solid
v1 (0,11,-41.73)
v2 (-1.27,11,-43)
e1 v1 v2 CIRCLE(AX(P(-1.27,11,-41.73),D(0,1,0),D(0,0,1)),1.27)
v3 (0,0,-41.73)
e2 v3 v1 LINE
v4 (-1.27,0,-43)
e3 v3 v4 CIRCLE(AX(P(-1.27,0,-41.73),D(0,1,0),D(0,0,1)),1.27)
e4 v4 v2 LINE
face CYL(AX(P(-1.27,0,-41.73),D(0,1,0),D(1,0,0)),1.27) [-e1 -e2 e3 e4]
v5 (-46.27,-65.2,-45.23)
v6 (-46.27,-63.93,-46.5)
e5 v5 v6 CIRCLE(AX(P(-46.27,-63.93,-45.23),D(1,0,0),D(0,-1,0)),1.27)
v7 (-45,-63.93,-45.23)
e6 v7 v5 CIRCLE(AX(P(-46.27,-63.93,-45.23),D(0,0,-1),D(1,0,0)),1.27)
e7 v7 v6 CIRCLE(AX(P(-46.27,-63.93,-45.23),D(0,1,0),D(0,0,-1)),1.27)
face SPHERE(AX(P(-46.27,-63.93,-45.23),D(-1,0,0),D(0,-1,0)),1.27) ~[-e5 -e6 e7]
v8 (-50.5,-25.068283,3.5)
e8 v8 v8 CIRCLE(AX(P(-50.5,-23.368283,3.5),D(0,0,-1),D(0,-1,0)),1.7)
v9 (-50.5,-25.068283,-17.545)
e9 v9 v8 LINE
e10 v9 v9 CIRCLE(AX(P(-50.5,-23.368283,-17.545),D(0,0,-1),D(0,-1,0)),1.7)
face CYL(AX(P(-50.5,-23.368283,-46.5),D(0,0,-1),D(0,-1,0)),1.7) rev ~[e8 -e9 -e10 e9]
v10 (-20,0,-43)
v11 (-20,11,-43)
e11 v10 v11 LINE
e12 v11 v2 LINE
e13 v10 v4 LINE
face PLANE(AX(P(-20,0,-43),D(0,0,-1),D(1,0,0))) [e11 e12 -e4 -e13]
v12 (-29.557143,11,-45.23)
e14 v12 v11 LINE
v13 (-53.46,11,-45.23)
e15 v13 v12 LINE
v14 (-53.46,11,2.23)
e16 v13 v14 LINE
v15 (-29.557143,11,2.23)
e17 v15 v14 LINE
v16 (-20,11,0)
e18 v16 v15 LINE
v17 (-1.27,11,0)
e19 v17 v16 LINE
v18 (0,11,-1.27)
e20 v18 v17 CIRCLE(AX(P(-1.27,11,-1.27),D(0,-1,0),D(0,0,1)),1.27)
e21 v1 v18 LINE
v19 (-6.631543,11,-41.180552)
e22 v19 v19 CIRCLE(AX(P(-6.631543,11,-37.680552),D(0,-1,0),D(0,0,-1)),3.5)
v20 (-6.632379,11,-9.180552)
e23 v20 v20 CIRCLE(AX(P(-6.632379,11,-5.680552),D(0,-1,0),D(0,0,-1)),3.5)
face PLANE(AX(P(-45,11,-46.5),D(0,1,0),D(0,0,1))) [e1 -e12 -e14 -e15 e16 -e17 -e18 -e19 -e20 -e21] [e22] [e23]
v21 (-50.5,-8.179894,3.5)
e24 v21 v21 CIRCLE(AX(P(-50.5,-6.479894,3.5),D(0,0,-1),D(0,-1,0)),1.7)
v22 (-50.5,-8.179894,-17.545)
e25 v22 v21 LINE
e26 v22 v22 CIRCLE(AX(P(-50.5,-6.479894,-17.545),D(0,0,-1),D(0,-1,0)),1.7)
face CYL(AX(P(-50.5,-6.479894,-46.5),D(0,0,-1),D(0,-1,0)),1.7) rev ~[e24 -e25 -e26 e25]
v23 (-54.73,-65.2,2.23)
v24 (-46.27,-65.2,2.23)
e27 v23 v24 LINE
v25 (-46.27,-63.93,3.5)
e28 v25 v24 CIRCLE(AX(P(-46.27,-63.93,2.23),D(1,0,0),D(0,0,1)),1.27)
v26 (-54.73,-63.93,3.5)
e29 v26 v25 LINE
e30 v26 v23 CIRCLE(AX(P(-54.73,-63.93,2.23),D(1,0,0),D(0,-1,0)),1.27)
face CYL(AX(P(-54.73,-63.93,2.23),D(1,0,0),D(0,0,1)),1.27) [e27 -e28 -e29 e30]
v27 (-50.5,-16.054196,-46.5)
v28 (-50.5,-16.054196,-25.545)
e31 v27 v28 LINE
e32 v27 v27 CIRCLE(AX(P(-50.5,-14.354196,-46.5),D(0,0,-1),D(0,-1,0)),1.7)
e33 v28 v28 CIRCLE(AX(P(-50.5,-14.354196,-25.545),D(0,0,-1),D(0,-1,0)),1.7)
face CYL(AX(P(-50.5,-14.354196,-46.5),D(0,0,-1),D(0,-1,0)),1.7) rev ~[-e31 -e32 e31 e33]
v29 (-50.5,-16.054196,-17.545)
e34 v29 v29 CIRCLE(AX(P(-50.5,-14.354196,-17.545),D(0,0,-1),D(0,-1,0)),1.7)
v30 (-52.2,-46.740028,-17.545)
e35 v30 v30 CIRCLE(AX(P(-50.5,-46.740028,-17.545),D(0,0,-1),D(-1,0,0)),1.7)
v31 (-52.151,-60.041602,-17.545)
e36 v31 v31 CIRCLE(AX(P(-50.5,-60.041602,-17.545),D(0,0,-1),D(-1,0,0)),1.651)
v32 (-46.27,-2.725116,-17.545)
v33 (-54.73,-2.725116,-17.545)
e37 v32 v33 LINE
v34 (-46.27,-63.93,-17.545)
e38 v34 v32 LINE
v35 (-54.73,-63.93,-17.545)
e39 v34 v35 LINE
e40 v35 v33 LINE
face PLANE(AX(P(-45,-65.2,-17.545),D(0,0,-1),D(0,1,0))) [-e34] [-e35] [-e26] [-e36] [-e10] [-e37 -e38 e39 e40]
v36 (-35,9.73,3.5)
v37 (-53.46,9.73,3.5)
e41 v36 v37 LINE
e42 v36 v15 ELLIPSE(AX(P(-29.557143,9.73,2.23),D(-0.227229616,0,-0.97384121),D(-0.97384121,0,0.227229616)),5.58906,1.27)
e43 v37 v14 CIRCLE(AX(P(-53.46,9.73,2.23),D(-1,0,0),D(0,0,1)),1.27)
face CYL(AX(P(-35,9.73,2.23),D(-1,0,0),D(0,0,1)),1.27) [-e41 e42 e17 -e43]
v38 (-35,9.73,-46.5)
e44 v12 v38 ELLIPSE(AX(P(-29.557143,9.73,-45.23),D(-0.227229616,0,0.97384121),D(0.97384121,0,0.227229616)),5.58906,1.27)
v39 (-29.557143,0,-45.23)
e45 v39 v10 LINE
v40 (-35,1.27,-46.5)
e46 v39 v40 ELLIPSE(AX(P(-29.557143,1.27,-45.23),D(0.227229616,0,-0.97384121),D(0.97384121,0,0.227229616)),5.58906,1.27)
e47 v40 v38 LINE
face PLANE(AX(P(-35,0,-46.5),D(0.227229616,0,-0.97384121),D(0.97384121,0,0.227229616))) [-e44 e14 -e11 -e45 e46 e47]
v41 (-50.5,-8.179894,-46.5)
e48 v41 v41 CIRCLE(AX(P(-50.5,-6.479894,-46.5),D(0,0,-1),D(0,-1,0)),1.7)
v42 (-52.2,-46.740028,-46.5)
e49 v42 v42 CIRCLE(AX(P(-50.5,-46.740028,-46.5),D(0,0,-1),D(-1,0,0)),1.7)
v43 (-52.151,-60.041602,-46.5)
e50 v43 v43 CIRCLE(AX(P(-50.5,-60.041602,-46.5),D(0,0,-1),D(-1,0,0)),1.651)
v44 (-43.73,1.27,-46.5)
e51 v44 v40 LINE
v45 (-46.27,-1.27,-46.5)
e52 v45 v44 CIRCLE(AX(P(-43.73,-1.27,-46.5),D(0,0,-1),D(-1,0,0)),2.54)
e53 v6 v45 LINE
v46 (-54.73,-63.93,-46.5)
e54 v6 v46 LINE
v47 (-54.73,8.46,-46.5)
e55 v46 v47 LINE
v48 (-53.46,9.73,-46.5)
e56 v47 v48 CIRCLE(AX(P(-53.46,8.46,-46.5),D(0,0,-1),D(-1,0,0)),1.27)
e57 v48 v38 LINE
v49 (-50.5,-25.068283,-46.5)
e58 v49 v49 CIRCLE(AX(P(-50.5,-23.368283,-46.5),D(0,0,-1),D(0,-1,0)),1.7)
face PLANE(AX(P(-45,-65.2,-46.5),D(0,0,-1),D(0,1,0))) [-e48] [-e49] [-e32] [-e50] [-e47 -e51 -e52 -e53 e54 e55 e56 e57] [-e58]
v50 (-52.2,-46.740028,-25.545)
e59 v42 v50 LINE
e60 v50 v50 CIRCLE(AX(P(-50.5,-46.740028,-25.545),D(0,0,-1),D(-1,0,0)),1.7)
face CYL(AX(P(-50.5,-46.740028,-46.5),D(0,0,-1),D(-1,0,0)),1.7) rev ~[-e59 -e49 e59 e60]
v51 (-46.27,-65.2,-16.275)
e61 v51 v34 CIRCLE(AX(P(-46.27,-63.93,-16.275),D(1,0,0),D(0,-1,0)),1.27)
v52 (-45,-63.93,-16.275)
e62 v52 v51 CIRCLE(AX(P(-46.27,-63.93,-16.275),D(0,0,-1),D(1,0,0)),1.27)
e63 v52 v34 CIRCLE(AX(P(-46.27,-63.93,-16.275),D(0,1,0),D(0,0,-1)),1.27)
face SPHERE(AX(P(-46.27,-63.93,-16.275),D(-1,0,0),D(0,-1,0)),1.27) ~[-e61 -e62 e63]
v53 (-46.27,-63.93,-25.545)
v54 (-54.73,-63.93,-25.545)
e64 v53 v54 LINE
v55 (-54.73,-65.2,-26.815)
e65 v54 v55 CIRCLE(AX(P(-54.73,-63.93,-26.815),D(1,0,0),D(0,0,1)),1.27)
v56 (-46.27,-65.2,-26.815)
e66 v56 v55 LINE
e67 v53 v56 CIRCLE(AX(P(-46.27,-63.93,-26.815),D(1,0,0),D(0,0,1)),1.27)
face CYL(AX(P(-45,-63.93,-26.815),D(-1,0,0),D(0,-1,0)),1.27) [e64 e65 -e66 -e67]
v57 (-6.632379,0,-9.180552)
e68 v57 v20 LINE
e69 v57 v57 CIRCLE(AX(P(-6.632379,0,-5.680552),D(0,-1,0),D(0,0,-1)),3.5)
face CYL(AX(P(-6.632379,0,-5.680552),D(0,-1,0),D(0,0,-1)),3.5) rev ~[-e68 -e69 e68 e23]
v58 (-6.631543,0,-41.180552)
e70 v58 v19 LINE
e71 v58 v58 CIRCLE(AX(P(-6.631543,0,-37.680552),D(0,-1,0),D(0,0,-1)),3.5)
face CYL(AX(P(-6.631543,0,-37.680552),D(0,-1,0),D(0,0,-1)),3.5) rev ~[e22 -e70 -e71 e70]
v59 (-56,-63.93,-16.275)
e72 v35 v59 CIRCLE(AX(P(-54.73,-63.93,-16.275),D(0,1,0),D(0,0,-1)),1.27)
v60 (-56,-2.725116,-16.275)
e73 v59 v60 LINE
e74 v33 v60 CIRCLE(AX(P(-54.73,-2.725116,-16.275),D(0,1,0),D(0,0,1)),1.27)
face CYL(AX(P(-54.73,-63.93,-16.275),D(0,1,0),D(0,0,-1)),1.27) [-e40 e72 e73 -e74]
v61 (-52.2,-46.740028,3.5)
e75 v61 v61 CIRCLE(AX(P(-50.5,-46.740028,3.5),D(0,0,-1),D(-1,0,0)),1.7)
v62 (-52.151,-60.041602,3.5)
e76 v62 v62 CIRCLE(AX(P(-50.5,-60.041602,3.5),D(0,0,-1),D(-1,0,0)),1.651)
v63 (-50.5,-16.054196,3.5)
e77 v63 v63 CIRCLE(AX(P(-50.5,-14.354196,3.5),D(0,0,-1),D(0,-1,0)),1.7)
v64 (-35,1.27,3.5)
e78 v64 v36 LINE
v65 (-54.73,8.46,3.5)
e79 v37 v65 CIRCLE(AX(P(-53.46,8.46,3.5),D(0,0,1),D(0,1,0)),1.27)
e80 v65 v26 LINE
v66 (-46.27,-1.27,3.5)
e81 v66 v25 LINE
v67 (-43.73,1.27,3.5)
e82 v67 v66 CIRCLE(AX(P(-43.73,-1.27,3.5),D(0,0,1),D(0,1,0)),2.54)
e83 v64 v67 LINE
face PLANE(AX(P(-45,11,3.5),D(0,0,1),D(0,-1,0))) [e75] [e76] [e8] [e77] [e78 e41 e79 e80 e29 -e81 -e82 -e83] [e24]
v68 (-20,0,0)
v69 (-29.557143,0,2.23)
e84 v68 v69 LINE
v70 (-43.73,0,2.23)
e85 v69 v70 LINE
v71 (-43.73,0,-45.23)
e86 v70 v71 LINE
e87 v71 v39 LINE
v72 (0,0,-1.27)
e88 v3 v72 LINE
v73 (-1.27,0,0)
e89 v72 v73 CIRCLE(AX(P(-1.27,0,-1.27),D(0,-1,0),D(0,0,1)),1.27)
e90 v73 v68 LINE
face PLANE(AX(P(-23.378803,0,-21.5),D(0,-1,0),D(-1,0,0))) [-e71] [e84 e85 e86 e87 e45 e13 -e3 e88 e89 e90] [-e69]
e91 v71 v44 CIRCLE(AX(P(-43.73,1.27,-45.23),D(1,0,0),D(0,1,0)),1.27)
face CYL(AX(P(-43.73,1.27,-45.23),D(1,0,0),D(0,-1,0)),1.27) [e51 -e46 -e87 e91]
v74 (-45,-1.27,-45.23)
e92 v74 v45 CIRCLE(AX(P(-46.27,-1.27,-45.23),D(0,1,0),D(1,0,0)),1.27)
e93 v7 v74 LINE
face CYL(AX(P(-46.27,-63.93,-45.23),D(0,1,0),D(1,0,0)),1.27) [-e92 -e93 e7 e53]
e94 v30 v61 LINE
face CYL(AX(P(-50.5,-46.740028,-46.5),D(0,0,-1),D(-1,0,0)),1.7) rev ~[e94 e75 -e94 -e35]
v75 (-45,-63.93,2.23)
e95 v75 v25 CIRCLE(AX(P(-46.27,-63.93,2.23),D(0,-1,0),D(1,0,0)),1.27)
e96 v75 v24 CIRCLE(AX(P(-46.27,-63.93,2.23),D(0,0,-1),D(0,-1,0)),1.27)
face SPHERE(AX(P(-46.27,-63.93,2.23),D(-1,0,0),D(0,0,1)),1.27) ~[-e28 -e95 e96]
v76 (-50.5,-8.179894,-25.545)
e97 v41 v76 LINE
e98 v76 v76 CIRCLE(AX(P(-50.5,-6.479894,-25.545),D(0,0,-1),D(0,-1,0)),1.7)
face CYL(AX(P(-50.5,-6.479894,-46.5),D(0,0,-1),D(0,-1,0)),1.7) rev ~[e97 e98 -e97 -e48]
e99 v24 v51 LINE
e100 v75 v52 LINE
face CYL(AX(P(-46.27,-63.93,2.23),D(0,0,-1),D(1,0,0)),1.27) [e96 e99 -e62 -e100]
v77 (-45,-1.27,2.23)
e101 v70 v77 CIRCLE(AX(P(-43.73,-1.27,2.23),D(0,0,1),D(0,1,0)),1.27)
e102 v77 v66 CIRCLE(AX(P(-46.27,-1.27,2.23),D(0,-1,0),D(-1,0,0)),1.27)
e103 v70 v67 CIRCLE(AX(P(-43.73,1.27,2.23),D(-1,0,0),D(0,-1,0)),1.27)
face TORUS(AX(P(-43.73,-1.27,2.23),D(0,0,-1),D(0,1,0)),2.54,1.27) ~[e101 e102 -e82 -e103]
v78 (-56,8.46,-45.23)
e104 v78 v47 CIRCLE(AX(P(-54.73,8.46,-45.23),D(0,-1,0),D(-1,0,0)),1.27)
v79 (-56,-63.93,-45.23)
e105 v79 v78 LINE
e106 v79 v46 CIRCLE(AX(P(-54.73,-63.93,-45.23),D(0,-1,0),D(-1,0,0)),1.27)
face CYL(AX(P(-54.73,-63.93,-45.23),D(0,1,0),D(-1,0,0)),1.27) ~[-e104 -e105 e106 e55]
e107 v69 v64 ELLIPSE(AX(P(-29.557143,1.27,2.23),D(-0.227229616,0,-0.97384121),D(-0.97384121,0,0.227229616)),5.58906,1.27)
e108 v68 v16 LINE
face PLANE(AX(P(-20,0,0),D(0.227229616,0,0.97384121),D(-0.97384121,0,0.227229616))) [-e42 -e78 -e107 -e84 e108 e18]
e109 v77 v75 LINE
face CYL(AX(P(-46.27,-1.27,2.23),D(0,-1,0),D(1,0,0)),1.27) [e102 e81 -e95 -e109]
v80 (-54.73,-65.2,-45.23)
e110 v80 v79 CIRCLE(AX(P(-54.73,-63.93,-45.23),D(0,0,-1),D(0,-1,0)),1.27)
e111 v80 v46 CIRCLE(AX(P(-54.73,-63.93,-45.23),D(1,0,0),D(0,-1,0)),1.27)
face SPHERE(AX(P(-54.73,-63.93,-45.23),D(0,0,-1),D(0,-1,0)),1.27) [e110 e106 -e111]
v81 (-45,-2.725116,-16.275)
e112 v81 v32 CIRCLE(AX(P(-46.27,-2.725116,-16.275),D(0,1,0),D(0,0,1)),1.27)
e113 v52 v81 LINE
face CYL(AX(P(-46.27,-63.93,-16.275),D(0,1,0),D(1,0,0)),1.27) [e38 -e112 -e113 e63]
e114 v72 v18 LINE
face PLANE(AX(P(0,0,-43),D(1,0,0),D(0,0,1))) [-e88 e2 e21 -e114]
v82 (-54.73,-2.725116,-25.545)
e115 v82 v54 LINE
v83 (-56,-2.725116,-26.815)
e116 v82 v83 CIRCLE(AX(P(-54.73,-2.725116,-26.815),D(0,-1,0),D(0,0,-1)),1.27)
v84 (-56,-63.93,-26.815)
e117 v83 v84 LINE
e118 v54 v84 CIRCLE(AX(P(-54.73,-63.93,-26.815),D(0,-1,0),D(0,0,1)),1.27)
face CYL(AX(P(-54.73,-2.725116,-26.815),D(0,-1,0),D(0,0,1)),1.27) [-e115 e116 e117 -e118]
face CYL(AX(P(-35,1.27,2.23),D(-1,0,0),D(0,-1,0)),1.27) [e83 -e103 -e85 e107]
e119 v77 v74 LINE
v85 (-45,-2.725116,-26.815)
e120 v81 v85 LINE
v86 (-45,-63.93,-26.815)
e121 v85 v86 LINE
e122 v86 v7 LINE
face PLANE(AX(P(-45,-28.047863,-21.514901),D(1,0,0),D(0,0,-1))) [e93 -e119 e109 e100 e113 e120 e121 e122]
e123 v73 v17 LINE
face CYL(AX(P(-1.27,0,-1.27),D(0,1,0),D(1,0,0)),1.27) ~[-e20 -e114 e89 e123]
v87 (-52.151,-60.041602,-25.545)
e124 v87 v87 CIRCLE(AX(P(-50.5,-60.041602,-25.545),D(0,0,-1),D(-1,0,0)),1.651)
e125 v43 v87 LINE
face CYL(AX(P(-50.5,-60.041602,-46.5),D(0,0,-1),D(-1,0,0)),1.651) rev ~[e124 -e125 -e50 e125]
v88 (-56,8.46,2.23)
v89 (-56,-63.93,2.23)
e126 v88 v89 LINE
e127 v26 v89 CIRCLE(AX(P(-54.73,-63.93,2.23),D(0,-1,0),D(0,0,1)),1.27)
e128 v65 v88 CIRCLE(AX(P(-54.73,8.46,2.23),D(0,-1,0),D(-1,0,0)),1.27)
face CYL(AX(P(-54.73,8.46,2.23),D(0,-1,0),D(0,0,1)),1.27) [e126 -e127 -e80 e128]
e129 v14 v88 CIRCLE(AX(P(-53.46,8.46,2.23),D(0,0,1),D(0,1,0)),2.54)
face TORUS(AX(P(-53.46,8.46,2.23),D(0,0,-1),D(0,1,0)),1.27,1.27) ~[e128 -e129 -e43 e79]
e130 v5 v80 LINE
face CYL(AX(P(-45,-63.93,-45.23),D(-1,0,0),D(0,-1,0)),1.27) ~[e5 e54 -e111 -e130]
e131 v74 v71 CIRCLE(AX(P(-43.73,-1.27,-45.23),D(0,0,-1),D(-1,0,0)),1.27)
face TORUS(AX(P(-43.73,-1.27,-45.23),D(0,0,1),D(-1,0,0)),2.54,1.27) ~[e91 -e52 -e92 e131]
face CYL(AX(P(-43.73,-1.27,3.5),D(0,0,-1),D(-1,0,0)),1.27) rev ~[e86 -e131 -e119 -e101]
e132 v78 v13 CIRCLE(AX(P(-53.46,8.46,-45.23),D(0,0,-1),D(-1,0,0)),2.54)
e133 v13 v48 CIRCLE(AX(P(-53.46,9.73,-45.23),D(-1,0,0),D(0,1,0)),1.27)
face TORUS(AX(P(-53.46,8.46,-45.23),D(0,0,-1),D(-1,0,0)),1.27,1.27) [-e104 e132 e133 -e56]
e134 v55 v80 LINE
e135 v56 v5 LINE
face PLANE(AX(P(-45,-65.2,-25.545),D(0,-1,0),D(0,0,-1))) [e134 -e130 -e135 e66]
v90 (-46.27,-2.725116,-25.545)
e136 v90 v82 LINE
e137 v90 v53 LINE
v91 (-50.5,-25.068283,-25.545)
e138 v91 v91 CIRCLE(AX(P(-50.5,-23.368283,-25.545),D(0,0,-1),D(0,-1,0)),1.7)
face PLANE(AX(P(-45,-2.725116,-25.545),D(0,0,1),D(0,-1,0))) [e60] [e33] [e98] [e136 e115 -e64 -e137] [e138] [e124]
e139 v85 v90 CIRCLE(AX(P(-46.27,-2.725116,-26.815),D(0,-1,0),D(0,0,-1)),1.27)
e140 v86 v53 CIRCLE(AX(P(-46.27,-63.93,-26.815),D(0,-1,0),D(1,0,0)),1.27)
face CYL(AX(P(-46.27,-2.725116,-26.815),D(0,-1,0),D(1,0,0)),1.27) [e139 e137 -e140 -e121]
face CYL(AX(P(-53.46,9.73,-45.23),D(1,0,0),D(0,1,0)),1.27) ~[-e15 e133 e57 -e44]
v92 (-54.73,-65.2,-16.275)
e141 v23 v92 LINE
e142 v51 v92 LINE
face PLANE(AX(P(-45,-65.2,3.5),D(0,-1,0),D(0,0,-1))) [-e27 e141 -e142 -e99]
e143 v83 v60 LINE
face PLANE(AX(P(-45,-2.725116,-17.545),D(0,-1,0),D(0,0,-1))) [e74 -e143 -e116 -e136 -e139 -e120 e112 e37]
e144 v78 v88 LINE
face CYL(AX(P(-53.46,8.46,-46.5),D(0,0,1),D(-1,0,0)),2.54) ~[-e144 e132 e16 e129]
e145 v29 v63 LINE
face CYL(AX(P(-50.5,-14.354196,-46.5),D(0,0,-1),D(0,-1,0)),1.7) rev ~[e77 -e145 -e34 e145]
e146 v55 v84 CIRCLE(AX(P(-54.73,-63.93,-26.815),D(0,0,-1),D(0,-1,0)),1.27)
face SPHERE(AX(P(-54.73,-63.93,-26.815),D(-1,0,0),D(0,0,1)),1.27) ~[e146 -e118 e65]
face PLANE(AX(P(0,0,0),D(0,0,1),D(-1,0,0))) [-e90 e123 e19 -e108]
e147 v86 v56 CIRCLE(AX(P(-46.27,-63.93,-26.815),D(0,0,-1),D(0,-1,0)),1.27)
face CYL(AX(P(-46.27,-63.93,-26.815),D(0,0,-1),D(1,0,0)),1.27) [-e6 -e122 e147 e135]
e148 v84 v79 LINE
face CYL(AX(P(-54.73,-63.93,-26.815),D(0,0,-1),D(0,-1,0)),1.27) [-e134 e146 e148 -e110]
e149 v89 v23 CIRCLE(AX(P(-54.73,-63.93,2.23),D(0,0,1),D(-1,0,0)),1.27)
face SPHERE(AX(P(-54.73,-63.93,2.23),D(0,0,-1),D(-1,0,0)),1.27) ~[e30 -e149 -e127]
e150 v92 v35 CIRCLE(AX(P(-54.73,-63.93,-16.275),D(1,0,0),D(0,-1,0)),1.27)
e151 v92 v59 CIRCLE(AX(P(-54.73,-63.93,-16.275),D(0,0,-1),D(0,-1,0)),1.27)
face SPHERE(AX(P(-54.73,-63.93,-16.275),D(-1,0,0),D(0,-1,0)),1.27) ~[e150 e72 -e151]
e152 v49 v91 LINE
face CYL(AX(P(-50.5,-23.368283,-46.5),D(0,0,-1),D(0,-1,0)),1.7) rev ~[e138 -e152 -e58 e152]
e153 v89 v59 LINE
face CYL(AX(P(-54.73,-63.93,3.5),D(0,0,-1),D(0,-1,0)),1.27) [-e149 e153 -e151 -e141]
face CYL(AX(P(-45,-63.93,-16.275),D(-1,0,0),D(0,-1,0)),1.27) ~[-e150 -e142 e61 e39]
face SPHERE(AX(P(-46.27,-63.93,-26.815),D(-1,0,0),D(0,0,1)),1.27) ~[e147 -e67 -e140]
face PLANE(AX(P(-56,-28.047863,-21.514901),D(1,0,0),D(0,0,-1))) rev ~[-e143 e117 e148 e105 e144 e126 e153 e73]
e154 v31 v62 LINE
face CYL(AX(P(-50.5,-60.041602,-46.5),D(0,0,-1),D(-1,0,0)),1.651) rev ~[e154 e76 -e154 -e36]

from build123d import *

# Parameters (mm, degrees)
BOSS_EXTRUDE1_DEPTH = 11
SKETCH3_R           = 3.5
CUT_EXTRUDE1_DEPTH  = 13
BOSS_EXTRUDE2_DEPTH = 11
SKETCH6_R           = 1.7
CUT_EXTRUDE2_DEPTH  = 50.8
FILLET1_R           = 2.54
FILLET2_R           = 1.27
FILLET3_R           = 1.27
FILLET4_R           = 1.27
FILLET5_R           = 1.27
FILLET6_R           = 1.27
FILLET7_R           = 1.27
SKETCH7_R           = 1.651
SKETCH7_R_2         = 1.7
CUT_EXTRUDE3_DEPTH  = 60.96
FILLET8_R           = 1.27


with BuildPart() as part:
    # Sketch2 → Boss-Extrude1 (new body)
    with BuildSketch(Plane(origin=(0, 0, 0), x_dir=(1, 0, 0), z_dir=(0, 1, 0))):
        Polygon((0, 43), (0, 0), (-20, 0), (-35, -3.5), (-45, -3.5), (-45, 46.5), (-35, 46.5), (-20, 43), align=None)
    extrude(amount=BOSS_EXTRUDE1_DEPTH)

    # Sketch3 → Cut-Extrude1 (cut)
    with BuildSketch(Plane.XZ):
        with Locations(Location((-6.632378844, -5.680552133, 0), (0, 0, 270))):
            Circle(SKETCH3_R)
        with Locations(Location((-6.631542689, -37.680552122, 0), (0, 0, 270))):
            Circle(SKETCH3_R)
    extrude(amount=-CUT_EXTRUDE1_DEPTH, mode=Mode.SUBTRACT)

    # Sketch5 → Boss-Extrude2 (add)
    with BuildSketch(Plane.ZY.offset(45)):
        Polygon((3.5, 11), (3.5, -65.2), (-17.545, -65.2), (-17.545, -2.725115984), (-25.545, -2.725115984), (-25.545, -65.2), (-46.5, -65.2), (-46.5, 11), align=None)
    extrude(amount=BOSS_EXTRUDE2_DEPTH)

    # Sketch6 → Cut-Extrude2 (cut)
    with BuildSketch(Plane(origin=(0, 0, -46.5), x_dir=(-1, 0, 0), z_dir=(0, 0, -1))):
        with Locations(Location((50.5, -6.479893852, 0), (0, 0, 270))):
            Circle(SKETCH6_R)
        with Locations(Location((50.5, -23.36828279, 0), (0, 0, 270))):
            Circle(SKETCH6_R)
        with Locations(Location((50.5, -14.35419589, 0), (0, 0, 270))):
            Circle(SKETCH6_R)
    extrude(amount=-CUT_EXTRUDE2_DEPTH, mode=Mode.SUBTRACT)

    # Fillet1
    fillet1_edges = [part.edges().sort_by_distance(p)[0] for p in [
        (-56, 11, -21.5),
    ]]
    fillet(fillet1_edges, radius=FILLET1_R)

    # Fillet2
    fillet2_edges = [part.edges().sort_by_distance(p)[0] for p in [
        (-45, 0, -21.5),
    ]]
    fillet(fillet2_edges, radius=FILLET2_R)

    # Fillet3
    fillet3_edges = [part.edges().sort_by_distance(p)[0] for p in [
        (0, 5.5, 0),
    ]]
    fillet(fillet3_edges, radius=FILLET3_R)

    # Fillet4
    fillet4_edges = [part.edges().sort_by_distance(p)[0] for p in [
        (0, 5.5, -43),
    ]]
    fillet(fillet4_edges, radius=FILLET4_R)

    # Fillet5
    fillet5_edges = [part.edges().sort_by_distance(p)[0] for p in [
        (-50.5, -65.2, -25.545),
        (-50.5, -65.2, -17.545),
    ]]
    fillet(fillet5_edges, radius=FILLET5_R)

    # Fillet6
    fillet6_edges = [part.edges().sort_by_distance(p)[0] for p in [
        (-56, -65.2, -6.3875),
        (-56, -33.327557992, -25.545),
        (-56, -64.828025612, -25.916974388),
        (-56, -64.828025612, -17.173025612),
        (-56, -65.2, -36.6575),
        (-56, -33.327557992, -17.545),
    ]]
    fillet(fillet6_edges, radius=FILLET6_R)

    # Fillet7
    fillet7_edges = [part.edges().sort_by_distance(p)[0] for p in [
        (-56, -27.735, 3.5),
        (-49.865, -65.2, 3.5),
        (-55.628025612, -64.828025612, 3.5),
        (-49.865, -65.2, -46.5),
        (-55.628025612, -64.828025612, -46.5),
        (-44.23, 11, 3.5),
        (-56, -27.735, -46.5),
        (-44.23, 11, -46.5),
        (-55.256051224, 10.256051224, -46.5),
        (-55.256051224, 10.256051224, 3.5),
    ]]
    fillet(fillet7_edges, radius=FILLET7_R)

    # Sketch7 → Cut-Extrude3 (cut)
    with BuildSketch(Plane(origin=(0, 0, -46.5), x_dir=(-1, 0, 0), z_dir=(0, 0, -1))):
        with Locations((50.5, -60.041602357)):
            Circle(SKETCH7_R)
        with Locations((50.5, -46.740028499)):
            Circle(SKETCH7_R_2)
    extrude(amount=-CUT_EXTRUDE3_DEPTH, mode=Mode.SUBTRACT)

    # Fillet8
    fillet8_edges = [part.edges().sort_by_distance(p)[0] for p in [
        (-45, -65.2, -7.0225),
        (-45, -33.327557992, -25.545),
        (-45, -64.828025612, -25.916974388),
        (-45, -64.828025612, -17.173025612),
        (-45, -65.2, -36.0225),
        (-45, -32.6, 3.5),
        (-45, -64.828025612, 3.128025612),
        (-45, -64.828025612, -46.128025612),
        (-45, -33.327557992, -17.545),
        (-39.365, 0, 3.5),
        (-39.365, 0, -46.5),
        (-45, -32.6, -46.5),
        (-44.628025612, -0.371974388, -46.5),
        (-44.628025612, -0.371974388, 3.5),
    ]]
    fillet(fillet8_edges, radius=FILLET8_R)


solid = part.part
